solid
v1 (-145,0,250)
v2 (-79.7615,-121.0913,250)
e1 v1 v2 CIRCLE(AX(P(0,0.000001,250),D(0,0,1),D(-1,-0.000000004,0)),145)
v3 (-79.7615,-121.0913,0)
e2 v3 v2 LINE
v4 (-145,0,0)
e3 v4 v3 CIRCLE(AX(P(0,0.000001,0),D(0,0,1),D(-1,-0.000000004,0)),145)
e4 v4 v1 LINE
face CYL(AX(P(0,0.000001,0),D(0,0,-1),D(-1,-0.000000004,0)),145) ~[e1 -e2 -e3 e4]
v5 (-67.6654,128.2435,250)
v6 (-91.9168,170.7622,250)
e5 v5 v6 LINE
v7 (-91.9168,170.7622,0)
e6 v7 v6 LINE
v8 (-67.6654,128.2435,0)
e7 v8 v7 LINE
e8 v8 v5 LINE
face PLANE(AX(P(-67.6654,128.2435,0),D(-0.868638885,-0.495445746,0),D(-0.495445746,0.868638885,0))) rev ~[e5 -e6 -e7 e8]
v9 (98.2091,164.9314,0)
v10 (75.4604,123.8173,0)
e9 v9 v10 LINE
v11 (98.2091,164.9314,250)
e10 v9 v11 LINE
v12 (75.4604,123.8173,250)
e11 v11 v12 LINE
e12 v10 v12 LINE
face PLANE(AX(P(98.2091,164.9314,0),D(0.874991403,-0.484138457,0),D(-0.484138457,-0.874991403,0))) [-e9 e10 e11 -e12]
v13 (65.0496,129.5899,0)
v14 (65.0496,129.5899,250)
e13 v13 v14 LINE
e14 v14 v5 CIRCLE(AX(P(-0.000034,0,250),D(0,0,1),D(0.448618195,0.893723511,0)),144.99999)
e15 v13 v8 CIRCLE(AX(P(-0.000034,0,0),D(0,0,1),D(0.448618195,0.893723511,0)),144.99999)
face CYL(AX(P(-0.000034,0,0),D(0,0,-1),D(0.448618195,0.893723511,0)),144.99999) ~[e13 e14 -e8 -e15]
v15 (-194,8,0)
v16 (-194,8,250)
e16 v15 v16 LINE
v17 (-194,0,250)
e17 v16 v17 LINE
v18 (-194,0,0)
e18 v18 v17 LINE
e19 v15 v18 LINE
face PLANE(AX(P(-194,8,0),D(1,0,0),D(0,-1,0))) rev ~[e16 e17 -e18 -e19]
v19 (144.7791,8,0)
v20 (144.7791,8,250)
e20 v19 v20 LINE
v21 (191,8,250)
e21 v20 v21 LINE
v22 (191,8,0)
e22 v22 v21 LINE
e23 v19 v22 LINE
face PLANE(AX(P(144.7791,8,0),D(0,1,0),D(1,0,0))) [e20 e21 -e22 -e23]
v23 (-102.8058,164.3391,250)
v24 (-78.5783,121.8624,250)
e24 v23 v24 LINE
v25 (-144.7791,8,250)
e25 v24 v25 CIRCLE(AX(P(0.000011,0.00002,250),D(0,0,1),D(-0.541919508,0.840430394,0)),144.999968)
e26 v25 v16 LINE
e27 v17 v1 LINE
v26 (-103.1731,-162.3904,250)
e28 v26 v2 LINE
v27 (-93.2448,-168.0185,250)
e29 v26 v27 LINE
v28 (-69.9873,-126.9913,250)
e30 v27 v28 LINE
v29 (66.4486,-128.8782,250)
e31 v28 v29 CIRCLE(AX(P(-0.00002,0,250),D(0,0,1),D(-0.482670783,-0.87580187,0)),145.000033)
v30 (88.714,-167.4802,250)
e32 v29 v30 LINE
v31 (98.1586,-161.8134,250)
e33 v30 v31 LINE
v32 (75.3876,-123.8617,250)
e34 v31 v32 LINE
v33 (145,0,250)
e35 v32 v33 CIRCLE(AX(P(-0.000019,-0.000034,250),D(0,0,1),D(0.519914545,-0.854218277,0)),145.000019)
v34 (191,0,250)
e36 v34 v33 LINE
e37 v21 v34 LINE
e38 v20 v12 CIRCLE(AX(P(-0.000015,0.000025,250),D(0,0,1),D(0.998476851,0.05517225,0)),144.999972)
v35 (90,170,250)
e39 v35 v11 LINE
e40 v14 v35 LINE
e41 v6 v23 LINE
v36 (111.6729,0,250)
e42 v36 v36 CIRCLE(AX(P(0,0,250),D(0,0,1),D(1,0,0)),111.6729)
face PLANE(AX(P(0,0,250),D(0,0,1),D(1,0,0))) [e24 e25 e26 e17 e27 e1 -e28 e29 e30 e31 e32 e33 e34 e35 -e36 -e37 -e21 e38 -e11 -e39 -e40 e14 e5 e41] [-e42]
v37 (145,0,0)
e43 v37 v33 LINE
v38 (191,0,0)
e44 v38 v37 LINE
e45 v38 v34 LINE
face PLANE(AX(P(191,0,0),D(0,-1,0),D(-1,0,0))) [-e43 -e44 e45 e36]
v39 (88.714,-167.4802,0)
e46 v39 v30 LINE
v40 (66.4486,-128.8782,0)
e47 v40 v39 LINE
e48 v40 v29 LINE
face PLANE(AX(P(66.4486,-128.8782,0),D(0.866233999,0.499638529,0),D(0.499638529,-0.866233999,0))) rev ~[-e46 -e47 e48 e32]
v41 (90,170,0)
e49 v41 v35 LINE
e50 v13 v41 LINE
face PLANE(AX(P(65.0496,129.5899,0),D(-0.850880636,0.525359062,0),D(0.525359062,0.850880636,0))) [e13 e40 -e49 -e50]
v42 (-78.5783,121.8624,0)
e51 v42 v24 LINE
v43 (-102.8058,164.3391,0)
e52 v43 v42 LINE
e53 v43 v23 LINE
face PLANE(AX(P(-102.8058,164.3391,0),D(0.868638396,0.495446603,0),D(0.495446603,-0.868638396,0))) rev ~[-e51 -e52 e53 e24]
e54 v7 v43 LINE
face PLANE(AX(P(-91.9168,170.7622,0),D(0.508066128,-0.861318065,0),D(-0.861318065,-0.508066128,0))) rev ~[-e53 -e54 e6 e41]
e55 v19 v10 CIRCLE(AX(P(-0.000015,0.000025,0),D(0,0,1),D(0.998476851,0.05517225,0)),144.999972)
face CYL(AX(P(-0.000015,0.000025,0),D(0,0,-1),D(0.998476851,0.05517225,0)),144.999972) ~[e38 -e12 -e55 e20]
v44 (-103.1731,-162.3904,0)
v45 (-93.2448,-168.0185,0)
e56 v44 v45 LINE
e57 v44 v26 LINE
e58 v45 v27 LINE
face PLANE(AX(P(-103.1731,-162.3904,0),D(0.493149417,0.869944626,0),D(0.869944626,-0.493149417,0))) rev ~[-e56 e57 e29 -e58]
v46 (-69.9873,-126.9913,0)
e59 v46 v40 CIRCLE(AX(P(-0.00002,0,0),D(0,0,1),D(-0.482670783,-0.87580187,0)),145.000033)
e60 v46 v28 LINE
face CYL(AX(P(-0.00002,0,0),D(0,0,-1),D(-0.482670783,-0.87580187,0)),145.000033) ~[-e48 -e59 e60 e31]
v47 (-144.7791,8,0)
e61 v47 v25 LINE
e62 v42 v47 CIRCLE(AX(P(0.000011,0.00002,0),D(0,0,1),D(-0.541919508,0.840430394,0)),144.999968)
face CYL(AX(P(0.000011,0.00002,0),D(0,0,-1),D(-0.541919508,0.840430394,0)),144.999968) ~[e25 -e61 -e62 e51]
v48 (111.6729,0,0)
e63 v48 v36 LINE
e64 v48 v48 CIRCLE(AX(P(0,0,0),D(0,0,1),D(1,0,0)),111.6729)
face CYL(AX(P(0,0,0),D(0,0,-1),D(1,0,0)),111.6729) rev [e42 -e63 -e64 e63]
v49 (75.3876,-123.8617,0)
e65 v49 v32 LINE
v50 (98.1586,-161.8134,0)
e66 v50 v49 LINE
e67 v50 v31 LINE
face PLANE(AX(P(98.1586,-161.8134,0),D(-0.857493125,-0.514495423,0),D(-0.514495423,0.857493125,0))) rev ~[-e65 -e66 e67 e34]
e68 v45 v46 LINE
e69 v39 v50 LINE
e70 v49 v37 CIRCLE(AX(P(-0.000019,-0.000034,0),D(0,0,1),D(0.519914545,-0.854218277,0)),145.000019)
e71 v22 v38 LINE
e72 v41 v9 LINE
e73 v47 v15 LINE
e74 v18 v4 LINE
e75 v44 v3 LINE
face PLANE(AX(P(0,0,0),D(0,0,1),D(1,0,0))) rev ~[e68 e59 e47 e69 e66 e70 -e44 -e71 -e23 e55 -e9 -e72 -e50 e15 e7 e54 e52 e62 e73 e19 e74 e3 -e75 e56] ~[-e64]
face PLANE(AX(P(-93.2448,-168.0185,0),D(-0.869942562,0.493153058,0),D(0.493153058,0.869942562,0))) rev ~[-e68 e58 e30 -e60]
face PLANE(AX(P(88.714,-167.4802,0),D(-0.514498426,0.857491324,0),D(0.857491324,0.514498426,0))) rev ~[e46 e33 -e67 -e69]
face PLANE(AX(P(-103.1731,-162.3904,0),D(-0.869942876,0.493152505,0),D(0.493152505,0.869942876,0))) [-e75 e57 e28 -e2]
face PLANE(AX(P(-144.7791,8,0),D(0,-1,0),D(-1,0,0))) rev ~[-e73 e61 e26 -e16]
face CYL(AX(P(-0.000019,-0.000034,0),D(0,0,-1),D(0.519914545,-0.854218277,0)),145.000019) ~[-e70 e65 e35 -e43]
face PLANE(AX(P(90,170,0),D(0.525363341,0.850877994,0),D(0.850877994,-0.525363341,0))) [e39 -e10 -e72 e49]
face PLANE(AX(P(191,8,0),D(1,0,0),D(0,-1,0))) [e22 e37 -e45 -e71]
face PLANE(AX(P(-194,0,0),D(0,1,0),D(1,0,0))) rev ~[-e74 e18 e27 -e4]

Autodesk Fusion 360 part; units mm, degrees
sketch "Sketch1" plane through (0, 0, 0) normal (0, 0, 1) x (1, 0, 0)
sketch "Sketch2" plane through (0, 0, 0) normal (0, 0, 1) x (1, 0, 0)
  circle A0 centre (0, 0) radius 111.6729
  line L0 (-194, 0) -> (-145, 0)
  line L1 (-144.7791, 8) -> (-194, 8)
  line L2 (-194, 8) -> (-194, 0)
  line L3 (191, 0) -> (145, 0)
  line L4 (144.7791, 8) -> (191, 8)
  line L5 (191, 8) -> (191, 0)
  line L6 (-93.2448, -168.0185) -> (-69.9873, -126.9913)
  line L7 (-103.1731, -162.3904) -> (-79.7615, -121.0913)
  line L8 (-103.1731, -162.3904) -> (-93.2448, -168.0185)
  arc A1 (-145, 0) -> (-79.7615, -121.0913) centre (0, 0) ccw
  line L9 (-102.8058, 164.3391) -> (-78.5783, 121.8624)
  line L10 (-67.6654, 128.2435) -> (-91.9168, 170.7622)
  line L11 (-91.9168, 170.7622) -> (-102.8058, 164.3391)
  arc A2 (-78.5783, 121.8624) -> (-144.7791, 8) centre (0, 0) ccw
  line L12 (65.0496, 129.5899) -> (90, 170)
  line L13 (90, 170) -> (98.2091, 164.9314)
  line L14 (98.2091, 164.9314) -> (75.4604, 123.8173)
  arc A3 (144.7791, 8) -> (75.4604, 123.8173) centre (0, 0) ccw
  arc A4 (65.0496, 129.5899) -> (-67.6654, 128.2435) centre (0, 0) ccw
  line L15 (88.714, -167.4802) -> (98.1586, -161.8134)
  line L16 (98.1586, -161.8134) -> (75.3876, -123.8617)
  line L17 (66.4486, -128.8782) -> (88.714, -167.4802)
  arc A5 (-69.9873, -126.9913) -> (66.4486, -128.8782) centre (0, 0) ccw
  arc A6 (75.3876, -123.8617) -> (145, 0) centre (0, 0) ccw
  dimension "d1" = 290
extrude "Extrude1" add sketch "Sketch2" along normal blind 250
